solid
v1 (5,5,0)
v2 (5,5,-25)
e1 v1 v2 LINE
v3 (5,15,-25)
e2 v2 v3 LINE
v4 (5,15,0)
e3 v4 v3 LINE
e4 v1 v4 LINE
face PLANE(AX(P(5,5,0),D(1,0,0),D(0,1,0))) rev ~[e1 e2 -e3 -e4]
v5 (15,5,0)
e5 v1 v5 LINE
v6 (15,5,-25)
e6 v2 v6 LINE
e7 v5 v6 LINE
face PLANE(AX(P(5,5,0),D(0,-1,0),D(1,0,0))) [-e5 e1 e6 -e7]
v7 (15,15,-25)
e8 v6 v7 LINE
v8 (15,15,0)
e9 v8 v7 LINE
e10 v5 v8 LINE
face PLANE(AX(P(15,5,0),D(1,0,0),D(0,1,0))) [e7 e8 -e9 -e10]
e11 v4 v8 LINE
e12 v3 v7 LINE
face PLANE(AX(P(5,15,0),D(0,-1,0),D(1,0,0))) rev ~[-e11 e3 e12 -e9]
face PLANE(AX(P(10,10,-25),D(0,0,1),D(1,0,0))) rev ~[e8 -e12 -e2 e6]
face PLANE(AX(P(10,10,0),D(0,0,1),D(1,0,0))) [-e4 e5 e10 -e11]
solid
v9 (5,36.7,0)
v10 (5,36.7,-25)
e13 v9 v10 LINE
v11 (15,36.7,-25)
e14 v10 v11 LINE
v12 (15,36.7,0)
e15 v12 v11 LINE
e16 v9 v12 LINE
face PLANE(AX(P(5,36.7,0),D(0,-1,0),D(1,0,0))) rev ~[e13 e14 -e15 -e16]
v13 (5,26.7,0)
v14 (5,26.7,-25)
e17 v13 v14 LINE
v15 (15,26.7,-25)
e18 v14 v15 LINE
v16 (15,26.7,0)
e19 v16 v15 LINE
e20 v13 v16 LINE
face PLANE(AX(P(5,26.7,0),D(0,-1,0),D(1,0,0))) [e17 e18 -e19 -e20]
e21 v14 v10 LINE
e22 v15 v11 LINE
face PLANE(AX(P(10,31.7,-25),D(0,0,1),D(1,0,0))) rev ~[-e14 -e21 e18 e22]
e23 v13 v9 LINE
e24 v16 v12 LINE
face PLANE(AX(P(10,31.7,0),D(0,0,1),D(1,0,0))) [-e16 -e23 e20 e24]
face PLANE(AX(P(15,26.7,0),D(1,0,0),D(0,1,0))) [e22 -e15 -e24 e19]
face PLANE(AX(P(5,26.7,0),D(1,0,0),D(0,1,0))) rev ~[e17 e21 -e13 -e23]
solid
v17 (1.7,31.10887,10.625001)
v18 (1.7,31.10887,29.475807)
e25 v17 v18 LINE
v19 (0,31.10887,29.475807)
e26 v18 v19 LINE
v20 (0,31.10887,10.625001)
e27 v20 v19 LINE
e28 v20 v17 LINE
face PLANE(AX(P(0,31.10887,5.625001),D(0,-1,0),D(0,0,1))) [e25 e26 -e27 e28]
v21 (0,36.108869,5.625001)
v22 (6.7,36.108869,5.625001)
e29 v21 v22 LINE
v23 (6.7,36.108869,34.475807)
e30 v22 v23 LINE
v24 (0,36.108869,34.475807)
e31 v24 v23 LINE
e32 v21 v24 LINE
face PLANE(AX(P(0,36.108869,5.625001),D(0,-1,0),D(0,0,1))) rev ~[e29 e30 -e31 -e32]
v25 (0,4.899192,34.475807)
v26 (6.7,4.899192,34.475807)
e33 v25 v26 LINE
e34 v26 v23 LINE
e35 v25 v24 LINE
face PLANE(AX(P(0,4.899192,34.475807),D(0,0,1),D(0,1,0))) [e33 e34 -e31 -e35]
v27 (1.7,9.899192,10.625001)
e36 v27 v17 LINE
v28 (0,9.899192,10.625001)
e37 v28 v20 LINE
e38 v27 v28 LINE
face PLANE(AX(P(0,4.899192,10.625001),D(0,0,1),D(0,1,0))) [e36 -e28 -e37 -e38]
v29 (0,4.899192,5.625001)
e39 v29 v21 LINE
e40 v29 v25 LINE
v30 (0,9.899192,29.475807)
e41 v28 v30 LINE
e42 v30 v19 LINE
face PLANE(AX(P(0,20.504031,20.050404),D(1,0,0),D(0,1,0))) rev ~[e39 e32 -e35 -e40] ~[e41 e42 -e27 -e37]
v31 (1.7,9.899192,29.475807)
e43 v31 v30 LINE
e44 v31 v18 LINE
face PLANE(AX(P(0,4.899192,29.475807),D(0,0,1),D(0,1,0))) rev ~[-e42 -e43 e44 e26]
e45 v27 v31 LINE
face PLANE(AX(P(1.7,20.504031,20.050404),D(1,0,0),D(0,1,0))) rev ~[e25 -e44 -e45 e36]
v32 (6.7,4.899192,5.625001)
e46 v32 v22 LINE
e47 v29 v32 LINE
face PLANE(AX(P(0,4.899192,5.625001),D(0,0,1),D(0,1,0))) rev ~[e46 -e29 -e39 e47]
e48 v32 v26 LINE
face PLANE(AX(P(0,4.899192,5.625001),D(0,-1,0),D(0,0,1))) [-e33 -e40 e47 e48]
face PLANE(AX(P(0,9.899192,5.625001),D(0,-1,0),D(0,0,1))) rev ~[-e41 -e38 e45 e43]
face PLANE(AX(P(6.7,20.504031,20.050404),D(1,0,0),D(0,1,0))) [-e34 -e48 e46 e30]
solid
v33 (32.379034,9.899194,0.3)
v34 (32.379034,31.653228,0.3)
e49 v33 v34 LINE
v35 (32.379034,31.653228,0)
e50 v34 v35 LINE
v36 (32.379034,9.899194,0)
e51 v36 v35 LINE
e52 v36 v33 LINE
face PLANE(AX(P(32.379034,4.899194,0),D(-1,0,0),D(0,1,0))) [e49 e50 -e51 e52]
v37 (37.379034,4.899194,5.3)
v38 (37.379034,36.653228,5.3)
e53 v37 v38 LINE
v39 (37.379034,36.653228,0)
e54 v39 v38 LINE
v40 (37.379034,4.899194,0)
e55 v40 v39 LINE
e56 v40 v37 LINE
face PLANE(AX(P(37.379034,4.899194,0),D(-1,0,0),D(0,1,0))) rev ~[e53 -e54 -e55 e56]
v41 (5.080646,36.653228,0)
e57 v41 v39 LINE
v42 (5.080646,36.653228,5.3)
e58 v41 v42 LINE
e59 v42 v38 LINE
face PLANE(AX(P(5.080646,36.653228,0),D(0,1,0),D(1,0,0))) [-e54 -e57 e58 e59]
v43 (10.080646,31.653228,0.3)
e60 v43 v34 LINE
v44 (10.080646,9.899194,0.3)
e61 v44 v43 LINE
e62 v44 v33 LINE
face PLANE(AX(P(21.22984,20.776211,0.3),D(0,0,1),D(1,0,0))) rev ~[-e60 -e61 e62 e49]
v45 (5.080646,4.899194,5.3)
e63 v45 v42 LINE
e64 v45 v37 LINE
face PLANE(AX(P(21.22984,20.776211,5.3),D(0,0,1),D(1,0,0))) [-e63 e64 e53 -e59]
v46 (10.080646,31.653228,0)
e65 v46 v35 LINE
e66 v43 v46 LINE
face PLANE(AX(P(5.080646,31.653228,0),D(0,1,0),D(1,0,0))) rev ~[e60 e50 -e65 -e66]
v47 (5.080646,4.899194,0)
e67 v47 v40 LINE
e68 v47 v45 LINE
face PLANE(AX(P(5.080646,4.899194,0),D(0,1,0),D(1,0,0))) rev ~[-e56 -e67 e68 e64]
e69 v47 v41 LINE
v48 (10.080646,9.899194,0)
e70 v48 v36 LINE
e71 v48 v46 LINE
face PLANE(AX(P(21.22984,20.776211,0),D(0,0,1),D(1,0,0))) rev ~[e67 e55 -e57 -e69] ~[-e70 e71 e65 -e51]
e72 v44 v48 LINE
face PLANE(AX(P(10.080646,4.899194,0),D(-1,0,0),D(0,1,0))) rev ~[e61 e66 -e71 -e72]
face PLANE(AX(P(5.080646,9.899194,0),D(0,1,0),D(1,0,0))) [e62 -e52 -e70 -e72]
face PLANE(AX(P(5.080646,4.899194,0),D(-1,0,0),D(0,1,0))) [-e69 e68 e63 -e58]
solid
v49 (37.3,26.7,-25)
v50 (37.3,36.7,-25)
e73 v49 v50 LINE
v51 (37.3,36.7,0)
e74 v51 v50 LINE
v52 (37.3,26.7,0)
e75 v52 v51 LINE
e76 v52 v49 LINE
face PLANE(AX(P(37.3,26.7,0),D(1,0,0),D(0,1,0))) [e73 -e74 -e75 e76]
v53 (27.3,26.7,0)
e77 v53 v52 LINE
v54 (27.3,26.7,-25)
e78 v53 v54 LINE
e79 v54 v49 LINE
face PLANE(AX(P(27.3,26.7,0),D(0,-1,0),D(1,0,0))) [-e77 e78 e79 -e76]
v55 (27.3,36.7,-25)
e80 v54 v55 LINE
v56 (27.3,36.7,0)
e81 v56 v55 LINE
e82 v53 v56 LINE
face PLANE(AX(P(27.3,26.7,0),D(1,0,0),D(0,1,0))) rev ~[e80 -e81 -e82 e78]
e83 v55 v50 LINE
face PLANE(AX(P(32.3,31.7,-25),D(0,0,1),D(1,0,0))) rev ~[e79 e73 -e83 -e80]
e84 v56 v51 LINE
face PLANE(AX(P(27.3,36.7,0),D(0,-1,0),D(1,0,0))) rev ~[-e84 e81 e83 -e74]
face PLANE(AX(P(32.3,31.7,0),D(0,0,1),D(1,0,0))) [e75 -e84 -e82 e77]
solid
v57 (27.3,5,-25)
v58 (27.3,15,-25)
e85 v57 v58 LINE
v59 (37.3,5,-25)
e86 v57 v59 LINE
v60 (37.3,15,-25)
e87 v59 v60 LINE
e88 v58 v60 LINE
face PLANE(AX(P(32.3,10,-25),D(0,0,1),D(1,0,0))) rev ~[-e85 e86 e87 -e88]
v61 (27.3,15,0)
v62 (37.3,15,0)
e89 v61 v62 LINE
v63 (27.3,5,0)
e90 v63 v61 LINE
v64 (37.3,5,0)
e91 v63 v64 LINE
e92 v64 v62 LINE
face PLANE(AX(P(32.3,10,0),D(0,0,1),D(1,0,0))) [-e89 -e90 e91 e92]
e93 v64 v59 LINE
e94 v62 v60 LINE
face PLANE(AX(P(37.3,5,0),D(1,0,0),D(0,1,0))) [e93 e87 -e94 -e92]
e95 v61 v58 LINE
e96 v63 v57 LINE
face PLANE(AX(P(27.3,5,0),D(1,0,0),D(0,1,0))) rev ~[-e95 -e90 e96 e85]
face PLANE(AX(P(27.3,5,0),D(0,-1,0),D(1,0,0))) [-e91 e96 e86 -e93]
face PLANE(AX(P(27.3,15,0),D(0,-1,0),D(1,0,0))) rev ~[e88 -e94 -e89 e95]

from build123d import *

# Parameters (mm, degrees)
F0_W     = 10
F0_H     = 10
F1_DEPTH = 25
F2_W     = 32.298388
F2_H     = 31.754034
F3_DEPTH = 5.3
F4_W     = 31.209677
F4_H     = 28.850806
F5_DEPTH = 6.7
F6_T     = -5
F7_T     = -5


with BuildPart() as f1:
    # F0 (on Top) → F1 (new body)
    with BuildSketch(Plane.XY):
        with Locations((10, 10)):
            Rectangle(F0_W, F0_H)
        with Locations((10, 31.7)):
            Rectangle(F0_W, F0_H)
        with Locations((32.3, 10)):
            Rectangle(F0_W, F0_H)
        with Locations((32.3, 31.7)):
            Rectangle(F0_W, F0_H)
    extrude(amount=-F1_DEPTH)


with BuildPart() as f3:
    # F2 (on Top) → F3 (new body)
    with BuildSketch(Plane.XY):
        with Locations((21.22984, 20.776211)):
            Rectangle(F2_W, F2_H)
    extrude(amount=F3_DEPTH)

    # F7
    f7_openings = [f3.faces().sort_by_distance(p)[0] for p in [
        (21.22984, 20.776211, 0),
    ]]
    offset(amount=F7_T, openings=f7_openings)


with BuildPart() as f5:
    # F4 (on Right) → F5 (new body)
    with BuildSketch(Plane.YZ):
        with Locations((20.504031, 20.050404)):
            Rectangle(F4_W, F4_H)
    extrude(amount=F5_DEPTH)

    # F6
    f6_openings = [f5.faces().sort_by_distance(p)[0] for p in [
        (0, 20.504031, 20.050404),
    ]]
    offset(amount=F6_T, openings=f6_openings)


solid = Compound([f1.part, f3.part, f5.part])
